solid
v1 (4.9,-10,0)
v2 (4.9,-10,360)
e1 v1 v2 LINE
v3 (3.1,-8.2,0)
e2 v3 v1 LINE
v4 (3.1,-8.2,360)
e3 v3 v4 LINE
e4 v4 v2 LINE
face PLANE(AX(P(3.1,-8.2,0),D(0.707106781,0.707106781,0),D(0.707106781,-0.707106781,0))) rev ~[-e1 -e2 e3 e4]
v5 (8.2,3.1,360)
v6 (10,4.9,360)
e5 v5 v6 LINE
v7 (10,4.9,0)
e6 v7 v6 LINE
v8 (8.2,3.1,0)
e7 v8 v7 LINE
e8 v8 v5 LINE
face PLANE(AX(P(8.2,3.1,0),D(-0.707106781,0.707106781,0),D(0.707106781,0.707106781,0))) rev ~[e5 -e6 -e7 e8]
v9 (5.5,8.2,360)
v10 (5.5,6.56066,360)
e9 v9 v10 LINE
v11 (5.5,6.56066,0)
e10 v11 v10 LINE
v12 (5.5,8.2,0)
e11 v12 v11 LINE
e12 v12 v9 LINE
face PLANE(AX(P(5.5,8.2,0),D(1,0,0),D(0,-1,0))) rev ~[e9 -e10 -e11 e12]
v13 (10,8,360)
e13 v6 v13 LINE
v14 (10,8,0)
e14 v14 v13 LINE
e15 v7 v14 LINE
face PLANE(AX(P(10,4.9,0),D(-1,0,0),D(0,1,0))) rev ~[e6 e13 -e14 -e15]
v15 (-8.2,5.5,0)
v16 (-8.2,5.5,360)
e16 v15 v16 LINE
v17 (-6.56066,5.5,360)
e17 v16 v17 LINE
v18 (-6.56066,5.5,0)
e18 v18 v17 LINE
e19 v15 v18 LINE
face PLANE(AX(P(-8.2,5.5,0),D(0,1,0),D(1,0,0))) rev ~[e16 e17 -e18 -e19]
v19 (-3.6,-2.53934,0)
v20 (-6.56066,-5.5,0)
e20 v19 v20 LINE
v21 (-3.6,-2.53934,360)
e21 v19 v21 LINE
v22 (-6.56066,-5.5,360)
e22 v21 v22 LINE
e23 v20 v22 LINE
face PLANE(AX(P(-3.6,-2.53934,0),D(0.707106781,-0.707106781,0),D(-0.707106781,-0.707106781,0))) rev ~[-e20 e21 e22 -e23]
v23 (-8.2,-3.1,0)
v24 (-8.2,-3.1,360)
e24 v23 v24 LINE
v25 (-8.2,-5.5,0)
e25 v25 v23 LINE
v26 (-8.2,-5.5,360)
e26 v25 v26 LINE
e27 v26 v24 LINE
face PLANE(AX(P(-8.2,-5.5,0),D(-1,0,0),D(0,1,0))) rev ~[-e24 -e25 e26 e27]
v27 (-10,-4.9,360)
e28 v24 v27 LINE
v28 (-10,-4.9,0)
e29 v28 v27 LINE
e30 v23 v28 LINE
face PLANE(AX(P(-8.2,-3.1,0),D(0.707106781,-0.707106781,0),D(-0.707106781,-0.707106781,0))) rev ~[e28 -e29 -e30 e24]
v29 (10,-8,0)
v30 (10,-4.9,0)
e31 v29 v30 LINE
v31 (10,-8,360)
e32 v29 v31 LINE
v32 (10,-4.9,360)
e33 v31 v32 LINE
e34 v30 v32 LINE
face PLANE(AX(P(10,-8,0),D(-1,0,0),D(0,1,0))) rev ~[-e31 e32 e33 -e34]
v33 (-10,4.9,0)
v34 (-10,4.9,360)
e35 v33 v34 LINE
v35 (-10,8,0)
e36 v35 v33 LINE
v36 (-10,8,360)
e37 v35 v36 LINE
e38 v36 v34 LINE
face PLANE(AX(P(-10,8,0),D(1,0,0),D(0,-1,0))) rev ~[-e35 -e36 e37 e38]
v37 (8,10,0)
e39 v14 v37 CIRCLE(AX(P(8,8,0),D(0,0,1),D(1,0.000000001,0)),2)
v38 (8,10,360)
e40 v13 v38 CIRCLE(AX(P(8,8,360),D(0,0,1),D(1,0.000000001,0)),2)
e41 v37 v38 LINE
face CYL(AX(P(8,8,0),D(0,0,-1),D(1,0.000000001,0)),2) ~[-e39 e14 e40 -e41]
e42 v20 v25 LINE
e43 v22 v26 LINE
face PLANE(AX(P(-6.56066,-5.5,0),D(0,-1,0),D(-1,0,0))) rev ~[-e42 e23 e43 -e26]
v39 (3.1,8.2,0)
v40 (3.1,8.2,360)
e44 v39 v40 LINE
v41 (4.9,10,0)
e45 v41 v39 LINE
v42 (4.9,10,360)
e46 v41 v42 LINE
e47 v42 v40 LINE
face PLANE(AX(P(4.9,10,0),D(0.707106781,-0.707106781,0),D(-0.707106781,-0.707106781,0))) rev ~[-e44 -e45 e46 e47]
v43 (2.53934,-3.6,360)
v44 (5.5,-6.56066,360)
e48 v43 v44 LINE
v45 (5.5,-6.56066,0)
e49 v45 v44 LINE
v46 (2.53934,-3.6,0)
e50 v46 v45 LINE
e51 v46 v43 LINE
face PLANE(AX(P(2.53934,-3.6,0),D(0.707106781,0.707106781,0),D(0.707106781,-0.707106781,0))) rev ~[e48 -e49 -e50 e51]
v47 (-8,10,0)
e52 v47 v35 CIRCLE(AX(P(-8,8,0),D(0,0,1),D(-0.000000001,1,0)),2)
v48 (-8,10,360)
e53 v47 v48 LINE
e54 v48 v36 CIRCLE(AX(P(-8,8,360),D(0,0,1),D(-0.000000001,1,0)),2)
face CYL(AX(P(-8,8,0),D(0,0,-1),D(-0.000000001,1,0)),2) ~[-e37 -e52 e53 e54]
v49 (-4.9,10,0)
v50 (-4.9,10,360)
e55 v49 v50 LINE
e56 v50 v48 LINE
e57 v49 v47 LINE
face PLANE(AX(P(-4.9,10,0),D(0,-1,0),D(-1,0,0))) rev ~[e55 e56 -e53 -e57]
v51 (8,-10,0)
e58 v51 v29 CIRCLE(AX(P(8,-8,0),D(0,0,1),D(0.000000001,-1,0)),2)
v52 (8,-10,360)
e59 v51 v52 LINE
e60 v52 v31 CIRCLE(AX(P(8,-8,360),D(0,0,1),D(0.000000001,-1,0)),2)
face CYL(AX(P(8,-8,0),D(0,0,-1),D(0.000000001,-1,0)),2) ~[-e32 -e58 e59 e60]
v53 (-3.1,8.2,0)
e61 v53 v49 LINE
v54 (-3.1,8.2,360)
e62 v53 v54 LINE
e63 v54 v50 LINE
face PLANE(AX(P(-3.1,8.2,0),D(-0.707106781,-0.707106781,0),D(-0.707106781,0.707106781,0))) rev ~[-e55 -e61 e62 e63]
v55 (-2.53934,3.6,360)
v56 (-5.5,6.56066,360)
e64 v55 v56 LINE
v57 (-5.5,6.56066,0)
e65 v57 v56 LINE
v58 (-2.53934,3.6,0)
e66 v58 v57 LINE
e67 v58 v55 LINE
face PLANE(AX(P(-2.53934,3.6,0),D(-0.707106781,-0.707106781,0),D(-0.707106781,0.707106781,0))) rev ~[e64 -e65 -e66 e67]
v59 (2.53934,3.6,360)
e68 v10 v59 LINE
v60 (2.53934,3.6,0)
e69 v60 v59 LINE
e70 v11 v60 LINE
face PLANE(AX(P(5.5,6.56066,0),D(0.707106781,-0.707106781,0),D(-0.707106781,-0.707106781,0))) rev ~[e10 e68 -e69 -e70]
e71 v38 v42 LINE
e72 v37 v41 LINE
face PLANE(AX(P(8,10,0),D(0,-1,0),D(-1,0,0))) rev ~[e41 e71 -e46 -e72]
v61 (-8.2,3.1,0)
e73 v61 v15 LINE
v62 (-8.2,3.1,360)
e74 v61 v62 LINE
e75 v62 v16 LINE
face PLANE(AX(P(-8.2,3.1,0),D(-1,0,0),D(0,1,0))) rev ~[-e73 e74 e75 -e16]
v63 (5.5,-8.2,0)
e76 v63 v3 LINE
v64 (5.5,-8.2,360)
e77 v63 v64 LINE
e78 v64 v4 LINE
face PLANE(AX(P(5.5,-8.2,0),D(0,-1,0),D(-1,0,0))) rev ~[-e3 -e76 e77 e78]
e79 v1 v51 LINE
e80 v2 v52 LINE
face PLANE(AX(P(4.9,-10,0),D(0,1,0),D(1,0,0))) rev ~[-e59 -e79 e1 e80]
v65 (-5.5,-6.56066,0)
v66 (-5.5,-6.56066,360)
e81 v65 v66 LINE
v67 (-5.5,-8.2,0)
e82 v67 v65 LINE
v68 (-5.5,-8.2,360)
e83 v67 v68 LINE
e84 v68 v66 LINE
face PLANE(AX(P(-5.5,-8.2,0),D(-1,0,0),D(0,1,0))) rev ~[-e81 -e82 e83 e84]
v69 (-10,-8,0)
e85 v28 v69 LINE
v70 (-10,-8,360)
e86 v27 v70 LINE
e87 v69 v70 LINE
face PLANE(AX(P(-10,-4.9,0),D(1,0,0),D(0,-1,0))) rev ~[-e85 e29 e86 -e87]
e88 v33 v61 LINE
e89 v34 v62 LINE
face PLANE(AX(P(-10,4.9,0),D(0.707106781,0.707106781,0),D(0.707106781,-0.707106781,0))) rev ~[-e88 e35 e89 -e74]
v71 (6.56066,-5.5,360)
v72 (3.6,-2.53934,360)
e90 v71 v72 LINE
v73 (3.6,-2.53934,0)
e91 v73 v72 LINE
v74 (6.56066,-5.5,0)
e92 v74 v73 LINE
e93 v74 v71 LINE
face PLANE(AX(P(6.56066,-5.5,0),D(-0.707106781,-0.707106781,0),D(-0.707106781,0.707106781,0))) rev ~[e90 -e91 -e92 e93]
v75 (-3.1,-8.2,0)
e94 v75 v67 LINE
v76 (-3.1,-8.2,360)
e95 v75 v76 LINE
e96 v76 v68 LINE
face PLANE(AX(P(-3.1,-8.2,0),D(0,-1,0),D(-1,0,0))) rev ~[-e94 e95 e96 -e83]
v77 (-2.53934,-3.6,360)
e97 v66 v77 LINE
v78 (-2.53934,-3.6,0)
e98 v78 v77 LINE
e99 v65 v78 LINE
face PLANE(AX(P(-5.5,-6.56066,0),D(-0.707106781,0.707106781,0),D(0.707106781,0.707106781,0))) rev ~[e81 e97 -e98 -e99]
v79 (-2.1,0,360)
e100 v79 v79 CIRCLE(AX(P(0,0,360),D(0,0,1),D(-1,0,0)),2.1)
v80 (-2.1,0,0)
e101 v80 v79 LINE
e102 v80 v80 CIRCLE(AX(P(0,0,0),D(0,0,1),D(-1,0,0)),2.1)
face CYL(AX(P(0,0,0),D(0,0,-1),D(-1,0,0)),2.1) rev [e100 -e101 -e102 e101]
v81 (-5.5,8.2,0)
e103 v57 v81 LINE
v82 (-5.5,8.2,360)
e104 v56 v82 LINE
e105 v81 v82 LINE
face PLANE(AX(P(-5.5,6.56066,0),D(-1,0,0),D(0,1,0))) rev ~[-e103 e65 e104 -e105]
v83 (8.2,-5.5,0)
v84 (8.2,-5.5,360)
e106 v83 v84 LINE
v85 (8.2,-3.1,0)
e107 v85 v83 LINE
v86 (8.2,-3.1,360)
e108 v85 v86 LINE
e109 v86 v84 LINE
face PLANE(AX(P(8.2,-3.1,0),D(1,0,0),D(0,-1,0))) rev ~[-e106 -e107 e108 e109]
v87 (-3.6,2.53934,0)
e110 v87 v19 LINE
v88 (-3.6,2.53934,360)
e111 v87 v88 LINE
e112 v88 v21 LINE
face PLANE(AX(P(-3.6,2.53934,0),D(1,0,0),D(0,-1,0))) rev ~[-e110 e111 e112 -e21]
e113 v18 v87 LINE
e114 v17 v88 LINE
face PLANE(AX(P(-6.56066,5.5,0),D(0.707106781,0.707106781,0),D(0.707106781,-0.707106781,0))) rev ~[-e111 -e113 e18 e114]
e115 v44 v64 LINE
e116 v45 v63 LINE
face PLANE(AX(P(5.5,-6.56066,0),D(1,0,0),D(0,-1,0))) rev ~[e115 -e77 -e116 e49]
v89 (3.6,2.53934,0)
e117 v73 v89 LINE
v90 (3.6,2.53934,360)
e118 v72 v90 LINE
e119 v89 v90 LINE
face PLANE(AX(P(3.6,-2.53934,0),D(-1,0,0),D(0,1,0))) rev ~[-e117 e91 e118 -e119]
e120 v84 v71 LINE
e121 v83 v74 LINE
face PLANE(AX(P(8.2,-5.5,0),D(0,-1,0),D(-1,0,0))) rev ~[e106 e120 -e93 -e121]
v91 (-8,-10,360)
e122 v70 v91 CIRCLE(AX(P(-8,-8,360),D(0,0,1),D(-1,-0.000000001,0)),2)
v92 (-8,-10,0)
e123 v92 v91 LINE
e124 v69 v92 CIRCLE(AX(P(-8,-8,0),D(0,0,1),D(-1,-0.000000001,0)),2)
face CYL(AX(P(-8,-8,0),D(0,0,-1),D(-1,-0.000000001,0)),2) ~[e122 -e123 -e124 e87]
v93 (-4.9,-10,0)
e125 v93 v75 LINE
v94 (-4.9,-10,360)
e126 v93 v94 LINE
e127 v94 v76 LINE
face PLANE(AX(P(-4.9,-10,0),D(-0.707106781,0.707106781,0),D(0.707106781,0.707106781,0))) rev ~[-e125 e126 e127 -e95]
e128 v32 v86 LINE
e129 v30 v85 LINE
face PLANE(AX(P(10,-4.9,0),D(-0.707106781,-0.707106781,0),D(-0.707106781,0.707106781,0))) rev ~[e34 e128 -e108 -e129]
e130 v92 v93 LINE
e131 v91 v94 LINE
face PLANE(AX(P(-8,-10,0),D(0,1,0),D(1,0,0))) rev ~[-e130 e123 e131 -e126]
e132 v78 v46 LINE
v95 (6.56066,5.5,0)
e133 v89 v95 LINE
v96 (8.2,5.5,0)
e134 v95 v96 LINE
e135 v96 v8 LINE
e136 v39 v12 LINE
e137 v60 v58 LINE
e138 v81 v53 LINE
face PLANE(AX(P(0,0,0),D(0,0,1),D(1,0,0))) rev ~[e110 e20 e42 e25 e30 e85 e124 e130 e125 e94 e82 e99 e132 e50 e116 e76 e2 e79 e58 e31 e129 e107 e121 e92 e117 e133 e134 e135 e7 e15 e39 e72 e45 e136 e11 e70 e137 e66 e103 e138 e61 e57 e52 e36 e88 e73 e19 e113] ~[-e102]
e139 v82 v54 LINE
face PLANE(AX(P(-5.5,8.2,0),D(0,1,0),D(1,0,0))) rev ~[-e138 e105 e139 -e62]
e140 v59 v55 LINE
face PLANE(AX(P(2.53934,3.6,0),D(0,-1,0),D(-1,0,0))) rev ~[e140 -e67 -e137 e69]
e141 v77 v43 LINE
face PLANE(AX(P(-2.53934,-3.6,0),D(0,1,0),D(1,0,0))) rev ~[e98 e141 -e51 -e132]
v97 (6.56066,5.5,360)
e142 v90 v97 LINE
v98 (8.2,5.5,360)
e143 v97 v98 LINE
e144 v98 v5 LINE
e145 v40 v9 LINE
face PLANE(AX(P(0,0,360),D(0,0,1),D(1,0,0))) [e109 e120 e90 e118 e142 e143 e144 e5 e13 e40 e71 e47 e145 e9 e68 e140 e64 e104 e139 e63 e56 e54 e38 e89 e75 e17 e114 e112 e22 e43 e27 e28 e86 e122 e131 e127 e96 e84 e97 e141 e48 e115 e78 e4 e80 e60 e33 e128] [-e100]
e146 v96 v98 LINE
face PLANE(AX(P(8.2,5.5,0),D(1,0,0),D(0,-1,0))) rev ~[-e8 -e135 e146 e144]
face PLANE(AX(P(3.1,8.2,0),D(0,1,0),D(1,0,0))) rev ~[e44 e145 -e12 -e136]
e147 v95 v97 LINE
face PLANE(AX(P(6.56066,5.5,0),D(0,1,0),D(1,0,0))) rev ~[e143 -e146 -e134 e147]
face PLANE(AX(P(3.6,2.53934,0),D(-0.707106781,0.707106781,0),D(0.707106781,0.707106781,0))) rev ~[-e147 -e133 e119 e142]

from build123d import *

# Parameters (mm, degrees)
SKETCH1_R           = 2.1
BOSS_EXTRUDE1_DEPTH = 360


with BuildPart() as part:
    # Sketch1 → Boss-Extrude1 (new body)
    with BuildSketch(Plane.XY):
        with BuildLine():
            Line((-4.9, -10), (-3.1, -8.2))
            Line((-3.1, -8.2), (-5.5, -8.2))
            Line((-5.5, -8.2), (-5.5, -6.560660172))
            Line((-5.5, -6.560660172), (-2.539339828, -3.6))
            Line((-2.539339828, -3.6), (2.539339828, -3.6))
            Line((2.539339828, -3.6), (5.5, -6.560660172))
            Line((5.5, -6.560660172), (5.5, -8.2))
            Line((5.5, -8.2), (3.1, -8.2))
            Line((3.1, -8.2), (4.9, -10))
            Line((4.9, -10), (8, -10))
            ThreePointArc((8, -10), (9.414213562, -9.414213562), (10, -8))
            Line((10, -8), (10, -4.9))
            Line((10, -4.9), (8.2, -3.1))
            Line((8.2, -3.1), (8.2, -5.5))
            Line((8.2, -5.5), (6.560660172, -5.5))
            Line((6.560660172, -5.5), (3.6, -2.539339828))
            Line((3.6, -2.539339828), (3.6, 2.539339828))
            Line((3.6, 2.539339828), (6.560660172, 5.5))
            Line((6.560660172, 5.5), (8.2, 5.5))
            Line((8.2, 5.5), (8.2, 3.1))
            Line((8.2, 3.1), (10, 4.9))
            Line((10, 4.9), (10, 8))
            ThreePointArc((10, 8), (9.414213562, 9.414213562), (8, 10))
            Line((8, 10), (4.9, 10))
            Line((4.9, 10), (3.1, 8.2))
            Line((3.1, 8.2), (5.5, 8.2))
            Line((5.5, 8.2), (5.5, 6.560660172))
            Line((5.5, 6.560660172), (2.539339828, 3.6))
            Line((2.539339828, 3.6), (-2.539339828, 3.6))
            Line((-2.539339828, 3.6), (-5.5, 6.560660172))
            Line((-5.5, 6.560660172), (-5.5, 8.2))
            Line((-5.5, 8.2), (-3.1, 8.2))
            Line((-3.1, 8.2), (-4.9, 10))
            Line((-4.9, 10), (-8, 10))
            ThreePointArc((-8, 10), (-9.414213562, 9.414213562), (-10, 8))
            Line((-10, 8), (-10, 4.9))
            Line((-10, 4.9), (-8.2, 3.1))
            Line((-8.2, 3.1), (-8.2, 5.5))
            Line((-8.2, 5.5), (-6.560660172, 5.5))
            Line((-6.560660172, 5.5), (-3.6, 2.539339828))
            Line((-3.6, 2.539339828), (-3.6, -2.539339828))
            Line((-3.6, -2.539339828), (-6.560660172, -5.5))
            Line((-6.560660172, -5.5), (-8.2, -5.5))
            Line((-8.2, -5.5), (-8.2, -3.1))
            Line((-8.2, -3.1), (-10, -4.9))
            Line((-10, -4.9), (-10, -8))
            ThreePointArc((-10, -8), (-9.414213562, -9.414213562), (-8, -10))
            Line((-8, -10), (-4.9, -10))
        make_face()
        with Locations(Location((0, 0, 0), (0, 0, 180))):
            Circle(SKETCH1_R, mode=Mode.SUBTRACT)
    extrude(amount=BOSS_EXTRUDE1_DEPTH)


solid = part.part
